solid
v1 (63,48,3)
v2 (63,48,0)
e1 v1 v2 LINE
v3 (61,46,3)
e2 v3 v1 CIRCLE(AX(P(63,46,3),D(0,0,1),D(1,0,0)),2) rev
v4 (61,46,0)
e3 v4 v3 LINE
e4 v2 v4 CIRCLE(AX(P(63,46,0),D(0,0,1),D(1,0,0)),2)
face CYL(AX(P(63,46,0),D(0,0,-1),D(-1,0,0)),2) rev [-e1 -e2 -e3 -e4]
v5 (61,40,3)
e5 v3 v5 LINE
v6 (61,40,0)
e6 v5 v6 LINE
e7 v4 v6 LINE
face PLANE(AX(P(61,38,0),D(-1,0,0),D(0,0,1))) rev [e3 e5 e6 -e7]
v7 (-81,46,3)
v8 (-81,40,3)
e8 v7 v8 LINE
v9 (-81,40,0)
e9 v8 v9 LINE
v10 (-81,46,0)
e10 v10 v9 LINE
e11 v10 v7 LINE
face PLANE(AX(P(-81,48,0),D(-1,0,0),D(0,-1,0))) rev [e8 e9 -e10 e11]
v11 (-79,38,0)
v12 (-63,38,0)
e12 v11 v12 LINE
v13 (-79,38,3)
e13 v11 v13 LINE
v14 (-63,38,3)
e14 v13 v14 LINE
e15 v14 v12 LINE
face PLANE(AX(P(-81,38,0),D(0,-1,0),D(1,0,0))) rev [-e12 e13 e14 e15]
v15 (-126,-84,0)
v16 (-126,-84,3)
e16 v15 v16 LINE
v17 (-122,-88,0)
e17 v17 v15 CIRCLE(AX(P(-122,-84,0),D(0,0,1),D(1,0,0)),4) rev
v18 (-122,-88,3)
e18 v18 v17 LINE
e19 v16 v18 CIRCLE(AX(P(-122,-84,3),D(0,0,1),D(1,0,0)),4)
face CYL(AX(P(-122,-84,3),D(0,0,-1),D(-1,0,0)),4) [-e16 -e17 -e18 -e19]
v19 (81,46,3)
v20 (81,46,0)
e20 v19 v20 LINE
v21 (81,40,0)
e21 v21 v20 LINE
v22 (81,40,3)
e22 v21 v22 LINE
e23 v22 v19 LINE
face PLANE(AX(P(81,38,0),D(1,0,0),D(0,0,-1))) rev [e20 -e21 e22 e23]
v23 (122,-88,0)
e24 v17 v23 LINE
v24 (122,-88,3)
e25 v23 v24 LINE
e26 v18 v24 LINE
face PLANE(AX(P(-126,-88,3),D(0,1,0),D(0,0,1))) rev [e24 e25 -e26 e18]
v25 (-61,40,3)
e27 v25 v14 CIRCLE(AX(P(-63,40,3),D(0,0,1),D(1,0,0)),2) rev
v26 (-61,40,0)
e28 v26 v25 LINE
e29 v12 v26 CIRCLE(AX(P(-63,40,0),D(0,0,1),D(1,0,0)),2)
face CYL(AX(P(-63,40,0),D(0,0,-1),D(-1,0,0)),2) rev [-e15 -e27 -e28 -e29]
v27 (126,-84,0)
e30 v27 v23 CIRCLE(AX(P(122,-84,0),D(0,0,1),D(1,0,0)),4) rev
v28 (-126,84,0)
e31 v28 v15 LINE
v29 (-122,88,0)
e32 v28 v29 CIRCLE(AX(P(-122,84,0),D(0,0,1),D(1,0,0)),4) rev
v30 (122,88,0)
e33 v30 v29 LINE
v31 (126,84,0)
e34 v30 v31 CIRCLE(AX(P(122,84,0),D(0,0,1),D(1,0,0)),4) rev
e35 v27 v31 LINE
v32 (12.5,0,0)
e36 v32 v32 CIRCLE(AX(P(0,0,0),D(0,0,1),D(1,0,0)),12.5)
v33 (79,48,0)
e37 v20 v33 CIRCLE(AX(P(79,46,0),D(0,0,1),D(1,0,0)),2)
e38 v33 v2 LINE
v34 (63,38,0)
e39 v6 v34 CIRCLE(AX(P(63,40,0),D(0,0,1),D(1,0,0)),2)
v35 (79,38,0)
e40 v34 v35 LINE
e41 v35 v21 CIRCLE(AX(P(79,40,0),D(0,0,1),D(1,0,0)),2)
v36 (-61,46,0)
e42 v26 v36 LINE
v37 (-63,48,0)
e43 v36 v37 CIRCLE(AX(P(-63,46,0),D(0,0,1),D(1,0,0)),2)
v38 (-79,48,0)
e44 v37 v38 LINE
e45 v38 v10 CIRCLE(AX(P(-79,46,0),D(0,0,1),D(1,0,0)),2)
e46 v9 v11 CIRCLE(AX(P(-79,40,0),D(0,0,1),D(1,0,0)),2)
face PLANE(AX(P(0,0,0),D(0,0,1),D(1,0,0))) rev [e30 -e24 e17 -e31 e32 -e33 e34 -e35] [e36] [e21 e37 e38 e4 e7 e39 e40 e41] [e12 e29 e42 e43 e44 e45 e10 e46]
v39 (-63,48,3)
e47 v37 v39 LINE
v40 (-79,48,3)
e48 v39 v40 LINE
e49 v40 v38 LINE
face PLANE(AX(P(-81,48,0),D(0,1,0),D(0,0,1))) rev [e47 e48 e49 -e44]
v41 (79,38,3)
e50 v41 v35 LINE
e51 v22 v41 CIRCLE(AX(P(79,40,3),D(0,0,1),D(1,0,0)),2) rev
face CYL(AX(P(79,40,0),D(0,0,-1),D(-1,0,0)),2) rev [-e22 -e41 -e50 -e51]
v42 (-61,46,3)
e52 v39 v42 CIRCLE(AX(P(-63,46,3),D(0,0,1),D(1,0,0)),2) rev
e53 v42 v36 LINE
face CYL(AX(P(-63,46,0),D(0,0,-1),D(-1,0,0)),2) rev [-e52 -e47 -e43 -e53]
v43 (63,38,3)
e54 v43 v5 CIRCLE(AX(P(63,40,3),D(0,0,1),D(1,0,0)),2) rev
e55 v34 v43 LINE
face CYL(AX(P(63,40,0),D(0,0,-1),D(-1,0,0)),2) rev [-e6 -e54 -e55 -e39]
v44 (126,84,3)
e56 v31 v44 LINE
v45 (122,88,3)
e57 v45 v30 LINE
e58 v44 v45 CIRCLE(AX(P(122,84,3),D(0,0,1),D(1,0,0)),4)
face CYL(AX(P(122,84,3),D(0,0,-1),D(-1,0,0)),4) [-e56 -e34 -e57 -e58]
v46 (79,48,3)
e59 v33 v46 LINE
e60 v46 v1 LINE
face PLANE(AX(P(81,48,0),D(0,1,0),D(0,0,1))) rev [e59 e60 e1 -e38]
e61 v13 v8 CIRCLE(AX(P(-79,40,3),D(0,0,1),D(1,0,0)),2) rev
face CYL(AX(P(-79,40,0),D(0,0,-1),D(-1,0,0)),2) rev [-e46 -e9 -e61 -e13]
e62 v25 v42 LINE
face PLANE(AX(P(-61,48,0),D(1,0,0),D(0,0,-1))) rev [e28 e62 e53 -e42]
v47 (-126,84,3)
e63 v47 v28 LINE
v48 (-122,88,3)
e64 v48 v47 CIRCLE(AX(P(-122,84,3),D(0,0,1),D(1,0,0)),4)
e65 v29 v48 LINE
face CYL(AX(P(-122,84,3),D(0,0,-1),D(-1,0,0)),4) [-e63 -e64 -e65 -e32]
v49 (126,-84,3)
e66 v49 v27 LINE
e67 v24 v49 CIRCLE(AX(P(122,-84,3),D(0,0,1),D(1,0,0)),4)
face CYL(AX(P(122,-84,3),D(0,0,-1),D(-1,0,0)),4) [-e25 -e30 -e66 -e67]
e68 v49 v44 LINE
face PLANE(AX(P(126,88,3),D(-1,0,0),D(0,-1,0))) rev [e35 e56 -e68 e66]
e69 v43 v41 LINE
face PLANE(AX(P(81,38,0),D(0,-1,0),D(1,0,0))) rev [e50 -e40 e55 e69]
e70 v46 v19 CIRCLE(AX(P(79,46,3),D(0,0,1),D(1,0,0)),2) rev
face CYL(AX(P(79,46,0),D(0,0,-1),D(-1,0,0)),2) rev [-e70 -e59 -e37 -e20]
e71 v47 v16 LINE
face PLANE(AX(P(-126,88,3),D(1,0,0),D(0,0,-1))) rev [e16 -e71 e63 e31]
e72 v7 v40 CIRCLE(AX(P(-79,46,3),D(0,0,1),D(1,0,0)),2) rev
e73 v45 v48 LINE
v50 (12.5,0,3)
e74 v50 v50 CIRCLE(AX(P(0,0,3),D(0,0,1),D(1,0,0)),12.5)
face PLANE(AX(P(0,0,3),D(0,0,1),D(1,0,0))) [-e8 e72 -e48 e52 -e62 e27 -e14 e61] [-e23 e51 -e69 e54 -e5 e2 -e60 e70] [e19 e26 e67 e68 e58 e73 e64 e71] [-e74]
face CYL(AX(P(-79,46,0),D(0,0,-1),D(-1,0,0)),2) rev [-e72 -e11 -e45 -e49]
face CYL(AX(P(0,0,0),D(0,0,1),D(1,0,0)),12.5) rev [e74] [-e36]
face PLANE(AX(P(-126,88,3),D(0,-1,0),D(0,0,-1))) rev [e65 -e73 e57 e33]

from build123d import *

# Parameters (mm, degrees)
SKETCH1_W           = 252
SKETCH1_H           = 176
BOSS_EXTRUDE1_DEPTH = 3
SKETCH2_R           = 12.5
SKETCH2_W           = 20
SKETCH2_H           = 10
CUT_EXTRUDE1_DEPTH  = 4
FILLET2_R           = 2
FILLET3_R           = 4


with BuildPart() as part:
    # Sketch1 → Boss-Extrude1 (new body)
    with BuildSketch(Plane.XY):
        Rectangle(SKETCH1_W, SKETCH1_H)
    extrude(amount=BOSS_EXTRUDE1_DEPTH)

    # Sketch2 → Cut-Extrude1 (cut, through all)
    with BuildSketch(Plane.XY.offset(3)):
        Circle(SKETCH2_R)
        with Locations((-71, 43)):
            Rectangle(SKETCH2_W, SKETCH2_H)
        with Locations((71, 43)):
            Rectangle(SKETCH2_W, SKETCH2_H)
    extrude(amount=-CUT_EXTRUDE1_DEPTH, mode=Mode.SUBTRACT)

    # Fillet2
    fillet2_edges = [part.edges().sort_by_distance(p)[0] for p in [
        (-81, 38, 1.5),
        (-81, 48, 1.5),
        (-61, 48, 1.5),
        (-61, 38, 1.5),
        (81, 48, 1.5),
        (81, 38, 1.5),
        (61, 38, 1.5),
        (61, 48, 1.5),
    ]]
    fillet(fillet2_edges, radius=FILLET2_R)

    # Fillet3
    fillet3_edges = [part.edges().sort_by_distance(p)[0] for p in [
        (126, -88, 1.5),
        (-126, -88, 1.5),
        (-126, 88, 1.5),
        (126, 88, 1.5),
    ]]
    fillet(fillet3_edges, radius=FILLET3_R)


solid = part.part
